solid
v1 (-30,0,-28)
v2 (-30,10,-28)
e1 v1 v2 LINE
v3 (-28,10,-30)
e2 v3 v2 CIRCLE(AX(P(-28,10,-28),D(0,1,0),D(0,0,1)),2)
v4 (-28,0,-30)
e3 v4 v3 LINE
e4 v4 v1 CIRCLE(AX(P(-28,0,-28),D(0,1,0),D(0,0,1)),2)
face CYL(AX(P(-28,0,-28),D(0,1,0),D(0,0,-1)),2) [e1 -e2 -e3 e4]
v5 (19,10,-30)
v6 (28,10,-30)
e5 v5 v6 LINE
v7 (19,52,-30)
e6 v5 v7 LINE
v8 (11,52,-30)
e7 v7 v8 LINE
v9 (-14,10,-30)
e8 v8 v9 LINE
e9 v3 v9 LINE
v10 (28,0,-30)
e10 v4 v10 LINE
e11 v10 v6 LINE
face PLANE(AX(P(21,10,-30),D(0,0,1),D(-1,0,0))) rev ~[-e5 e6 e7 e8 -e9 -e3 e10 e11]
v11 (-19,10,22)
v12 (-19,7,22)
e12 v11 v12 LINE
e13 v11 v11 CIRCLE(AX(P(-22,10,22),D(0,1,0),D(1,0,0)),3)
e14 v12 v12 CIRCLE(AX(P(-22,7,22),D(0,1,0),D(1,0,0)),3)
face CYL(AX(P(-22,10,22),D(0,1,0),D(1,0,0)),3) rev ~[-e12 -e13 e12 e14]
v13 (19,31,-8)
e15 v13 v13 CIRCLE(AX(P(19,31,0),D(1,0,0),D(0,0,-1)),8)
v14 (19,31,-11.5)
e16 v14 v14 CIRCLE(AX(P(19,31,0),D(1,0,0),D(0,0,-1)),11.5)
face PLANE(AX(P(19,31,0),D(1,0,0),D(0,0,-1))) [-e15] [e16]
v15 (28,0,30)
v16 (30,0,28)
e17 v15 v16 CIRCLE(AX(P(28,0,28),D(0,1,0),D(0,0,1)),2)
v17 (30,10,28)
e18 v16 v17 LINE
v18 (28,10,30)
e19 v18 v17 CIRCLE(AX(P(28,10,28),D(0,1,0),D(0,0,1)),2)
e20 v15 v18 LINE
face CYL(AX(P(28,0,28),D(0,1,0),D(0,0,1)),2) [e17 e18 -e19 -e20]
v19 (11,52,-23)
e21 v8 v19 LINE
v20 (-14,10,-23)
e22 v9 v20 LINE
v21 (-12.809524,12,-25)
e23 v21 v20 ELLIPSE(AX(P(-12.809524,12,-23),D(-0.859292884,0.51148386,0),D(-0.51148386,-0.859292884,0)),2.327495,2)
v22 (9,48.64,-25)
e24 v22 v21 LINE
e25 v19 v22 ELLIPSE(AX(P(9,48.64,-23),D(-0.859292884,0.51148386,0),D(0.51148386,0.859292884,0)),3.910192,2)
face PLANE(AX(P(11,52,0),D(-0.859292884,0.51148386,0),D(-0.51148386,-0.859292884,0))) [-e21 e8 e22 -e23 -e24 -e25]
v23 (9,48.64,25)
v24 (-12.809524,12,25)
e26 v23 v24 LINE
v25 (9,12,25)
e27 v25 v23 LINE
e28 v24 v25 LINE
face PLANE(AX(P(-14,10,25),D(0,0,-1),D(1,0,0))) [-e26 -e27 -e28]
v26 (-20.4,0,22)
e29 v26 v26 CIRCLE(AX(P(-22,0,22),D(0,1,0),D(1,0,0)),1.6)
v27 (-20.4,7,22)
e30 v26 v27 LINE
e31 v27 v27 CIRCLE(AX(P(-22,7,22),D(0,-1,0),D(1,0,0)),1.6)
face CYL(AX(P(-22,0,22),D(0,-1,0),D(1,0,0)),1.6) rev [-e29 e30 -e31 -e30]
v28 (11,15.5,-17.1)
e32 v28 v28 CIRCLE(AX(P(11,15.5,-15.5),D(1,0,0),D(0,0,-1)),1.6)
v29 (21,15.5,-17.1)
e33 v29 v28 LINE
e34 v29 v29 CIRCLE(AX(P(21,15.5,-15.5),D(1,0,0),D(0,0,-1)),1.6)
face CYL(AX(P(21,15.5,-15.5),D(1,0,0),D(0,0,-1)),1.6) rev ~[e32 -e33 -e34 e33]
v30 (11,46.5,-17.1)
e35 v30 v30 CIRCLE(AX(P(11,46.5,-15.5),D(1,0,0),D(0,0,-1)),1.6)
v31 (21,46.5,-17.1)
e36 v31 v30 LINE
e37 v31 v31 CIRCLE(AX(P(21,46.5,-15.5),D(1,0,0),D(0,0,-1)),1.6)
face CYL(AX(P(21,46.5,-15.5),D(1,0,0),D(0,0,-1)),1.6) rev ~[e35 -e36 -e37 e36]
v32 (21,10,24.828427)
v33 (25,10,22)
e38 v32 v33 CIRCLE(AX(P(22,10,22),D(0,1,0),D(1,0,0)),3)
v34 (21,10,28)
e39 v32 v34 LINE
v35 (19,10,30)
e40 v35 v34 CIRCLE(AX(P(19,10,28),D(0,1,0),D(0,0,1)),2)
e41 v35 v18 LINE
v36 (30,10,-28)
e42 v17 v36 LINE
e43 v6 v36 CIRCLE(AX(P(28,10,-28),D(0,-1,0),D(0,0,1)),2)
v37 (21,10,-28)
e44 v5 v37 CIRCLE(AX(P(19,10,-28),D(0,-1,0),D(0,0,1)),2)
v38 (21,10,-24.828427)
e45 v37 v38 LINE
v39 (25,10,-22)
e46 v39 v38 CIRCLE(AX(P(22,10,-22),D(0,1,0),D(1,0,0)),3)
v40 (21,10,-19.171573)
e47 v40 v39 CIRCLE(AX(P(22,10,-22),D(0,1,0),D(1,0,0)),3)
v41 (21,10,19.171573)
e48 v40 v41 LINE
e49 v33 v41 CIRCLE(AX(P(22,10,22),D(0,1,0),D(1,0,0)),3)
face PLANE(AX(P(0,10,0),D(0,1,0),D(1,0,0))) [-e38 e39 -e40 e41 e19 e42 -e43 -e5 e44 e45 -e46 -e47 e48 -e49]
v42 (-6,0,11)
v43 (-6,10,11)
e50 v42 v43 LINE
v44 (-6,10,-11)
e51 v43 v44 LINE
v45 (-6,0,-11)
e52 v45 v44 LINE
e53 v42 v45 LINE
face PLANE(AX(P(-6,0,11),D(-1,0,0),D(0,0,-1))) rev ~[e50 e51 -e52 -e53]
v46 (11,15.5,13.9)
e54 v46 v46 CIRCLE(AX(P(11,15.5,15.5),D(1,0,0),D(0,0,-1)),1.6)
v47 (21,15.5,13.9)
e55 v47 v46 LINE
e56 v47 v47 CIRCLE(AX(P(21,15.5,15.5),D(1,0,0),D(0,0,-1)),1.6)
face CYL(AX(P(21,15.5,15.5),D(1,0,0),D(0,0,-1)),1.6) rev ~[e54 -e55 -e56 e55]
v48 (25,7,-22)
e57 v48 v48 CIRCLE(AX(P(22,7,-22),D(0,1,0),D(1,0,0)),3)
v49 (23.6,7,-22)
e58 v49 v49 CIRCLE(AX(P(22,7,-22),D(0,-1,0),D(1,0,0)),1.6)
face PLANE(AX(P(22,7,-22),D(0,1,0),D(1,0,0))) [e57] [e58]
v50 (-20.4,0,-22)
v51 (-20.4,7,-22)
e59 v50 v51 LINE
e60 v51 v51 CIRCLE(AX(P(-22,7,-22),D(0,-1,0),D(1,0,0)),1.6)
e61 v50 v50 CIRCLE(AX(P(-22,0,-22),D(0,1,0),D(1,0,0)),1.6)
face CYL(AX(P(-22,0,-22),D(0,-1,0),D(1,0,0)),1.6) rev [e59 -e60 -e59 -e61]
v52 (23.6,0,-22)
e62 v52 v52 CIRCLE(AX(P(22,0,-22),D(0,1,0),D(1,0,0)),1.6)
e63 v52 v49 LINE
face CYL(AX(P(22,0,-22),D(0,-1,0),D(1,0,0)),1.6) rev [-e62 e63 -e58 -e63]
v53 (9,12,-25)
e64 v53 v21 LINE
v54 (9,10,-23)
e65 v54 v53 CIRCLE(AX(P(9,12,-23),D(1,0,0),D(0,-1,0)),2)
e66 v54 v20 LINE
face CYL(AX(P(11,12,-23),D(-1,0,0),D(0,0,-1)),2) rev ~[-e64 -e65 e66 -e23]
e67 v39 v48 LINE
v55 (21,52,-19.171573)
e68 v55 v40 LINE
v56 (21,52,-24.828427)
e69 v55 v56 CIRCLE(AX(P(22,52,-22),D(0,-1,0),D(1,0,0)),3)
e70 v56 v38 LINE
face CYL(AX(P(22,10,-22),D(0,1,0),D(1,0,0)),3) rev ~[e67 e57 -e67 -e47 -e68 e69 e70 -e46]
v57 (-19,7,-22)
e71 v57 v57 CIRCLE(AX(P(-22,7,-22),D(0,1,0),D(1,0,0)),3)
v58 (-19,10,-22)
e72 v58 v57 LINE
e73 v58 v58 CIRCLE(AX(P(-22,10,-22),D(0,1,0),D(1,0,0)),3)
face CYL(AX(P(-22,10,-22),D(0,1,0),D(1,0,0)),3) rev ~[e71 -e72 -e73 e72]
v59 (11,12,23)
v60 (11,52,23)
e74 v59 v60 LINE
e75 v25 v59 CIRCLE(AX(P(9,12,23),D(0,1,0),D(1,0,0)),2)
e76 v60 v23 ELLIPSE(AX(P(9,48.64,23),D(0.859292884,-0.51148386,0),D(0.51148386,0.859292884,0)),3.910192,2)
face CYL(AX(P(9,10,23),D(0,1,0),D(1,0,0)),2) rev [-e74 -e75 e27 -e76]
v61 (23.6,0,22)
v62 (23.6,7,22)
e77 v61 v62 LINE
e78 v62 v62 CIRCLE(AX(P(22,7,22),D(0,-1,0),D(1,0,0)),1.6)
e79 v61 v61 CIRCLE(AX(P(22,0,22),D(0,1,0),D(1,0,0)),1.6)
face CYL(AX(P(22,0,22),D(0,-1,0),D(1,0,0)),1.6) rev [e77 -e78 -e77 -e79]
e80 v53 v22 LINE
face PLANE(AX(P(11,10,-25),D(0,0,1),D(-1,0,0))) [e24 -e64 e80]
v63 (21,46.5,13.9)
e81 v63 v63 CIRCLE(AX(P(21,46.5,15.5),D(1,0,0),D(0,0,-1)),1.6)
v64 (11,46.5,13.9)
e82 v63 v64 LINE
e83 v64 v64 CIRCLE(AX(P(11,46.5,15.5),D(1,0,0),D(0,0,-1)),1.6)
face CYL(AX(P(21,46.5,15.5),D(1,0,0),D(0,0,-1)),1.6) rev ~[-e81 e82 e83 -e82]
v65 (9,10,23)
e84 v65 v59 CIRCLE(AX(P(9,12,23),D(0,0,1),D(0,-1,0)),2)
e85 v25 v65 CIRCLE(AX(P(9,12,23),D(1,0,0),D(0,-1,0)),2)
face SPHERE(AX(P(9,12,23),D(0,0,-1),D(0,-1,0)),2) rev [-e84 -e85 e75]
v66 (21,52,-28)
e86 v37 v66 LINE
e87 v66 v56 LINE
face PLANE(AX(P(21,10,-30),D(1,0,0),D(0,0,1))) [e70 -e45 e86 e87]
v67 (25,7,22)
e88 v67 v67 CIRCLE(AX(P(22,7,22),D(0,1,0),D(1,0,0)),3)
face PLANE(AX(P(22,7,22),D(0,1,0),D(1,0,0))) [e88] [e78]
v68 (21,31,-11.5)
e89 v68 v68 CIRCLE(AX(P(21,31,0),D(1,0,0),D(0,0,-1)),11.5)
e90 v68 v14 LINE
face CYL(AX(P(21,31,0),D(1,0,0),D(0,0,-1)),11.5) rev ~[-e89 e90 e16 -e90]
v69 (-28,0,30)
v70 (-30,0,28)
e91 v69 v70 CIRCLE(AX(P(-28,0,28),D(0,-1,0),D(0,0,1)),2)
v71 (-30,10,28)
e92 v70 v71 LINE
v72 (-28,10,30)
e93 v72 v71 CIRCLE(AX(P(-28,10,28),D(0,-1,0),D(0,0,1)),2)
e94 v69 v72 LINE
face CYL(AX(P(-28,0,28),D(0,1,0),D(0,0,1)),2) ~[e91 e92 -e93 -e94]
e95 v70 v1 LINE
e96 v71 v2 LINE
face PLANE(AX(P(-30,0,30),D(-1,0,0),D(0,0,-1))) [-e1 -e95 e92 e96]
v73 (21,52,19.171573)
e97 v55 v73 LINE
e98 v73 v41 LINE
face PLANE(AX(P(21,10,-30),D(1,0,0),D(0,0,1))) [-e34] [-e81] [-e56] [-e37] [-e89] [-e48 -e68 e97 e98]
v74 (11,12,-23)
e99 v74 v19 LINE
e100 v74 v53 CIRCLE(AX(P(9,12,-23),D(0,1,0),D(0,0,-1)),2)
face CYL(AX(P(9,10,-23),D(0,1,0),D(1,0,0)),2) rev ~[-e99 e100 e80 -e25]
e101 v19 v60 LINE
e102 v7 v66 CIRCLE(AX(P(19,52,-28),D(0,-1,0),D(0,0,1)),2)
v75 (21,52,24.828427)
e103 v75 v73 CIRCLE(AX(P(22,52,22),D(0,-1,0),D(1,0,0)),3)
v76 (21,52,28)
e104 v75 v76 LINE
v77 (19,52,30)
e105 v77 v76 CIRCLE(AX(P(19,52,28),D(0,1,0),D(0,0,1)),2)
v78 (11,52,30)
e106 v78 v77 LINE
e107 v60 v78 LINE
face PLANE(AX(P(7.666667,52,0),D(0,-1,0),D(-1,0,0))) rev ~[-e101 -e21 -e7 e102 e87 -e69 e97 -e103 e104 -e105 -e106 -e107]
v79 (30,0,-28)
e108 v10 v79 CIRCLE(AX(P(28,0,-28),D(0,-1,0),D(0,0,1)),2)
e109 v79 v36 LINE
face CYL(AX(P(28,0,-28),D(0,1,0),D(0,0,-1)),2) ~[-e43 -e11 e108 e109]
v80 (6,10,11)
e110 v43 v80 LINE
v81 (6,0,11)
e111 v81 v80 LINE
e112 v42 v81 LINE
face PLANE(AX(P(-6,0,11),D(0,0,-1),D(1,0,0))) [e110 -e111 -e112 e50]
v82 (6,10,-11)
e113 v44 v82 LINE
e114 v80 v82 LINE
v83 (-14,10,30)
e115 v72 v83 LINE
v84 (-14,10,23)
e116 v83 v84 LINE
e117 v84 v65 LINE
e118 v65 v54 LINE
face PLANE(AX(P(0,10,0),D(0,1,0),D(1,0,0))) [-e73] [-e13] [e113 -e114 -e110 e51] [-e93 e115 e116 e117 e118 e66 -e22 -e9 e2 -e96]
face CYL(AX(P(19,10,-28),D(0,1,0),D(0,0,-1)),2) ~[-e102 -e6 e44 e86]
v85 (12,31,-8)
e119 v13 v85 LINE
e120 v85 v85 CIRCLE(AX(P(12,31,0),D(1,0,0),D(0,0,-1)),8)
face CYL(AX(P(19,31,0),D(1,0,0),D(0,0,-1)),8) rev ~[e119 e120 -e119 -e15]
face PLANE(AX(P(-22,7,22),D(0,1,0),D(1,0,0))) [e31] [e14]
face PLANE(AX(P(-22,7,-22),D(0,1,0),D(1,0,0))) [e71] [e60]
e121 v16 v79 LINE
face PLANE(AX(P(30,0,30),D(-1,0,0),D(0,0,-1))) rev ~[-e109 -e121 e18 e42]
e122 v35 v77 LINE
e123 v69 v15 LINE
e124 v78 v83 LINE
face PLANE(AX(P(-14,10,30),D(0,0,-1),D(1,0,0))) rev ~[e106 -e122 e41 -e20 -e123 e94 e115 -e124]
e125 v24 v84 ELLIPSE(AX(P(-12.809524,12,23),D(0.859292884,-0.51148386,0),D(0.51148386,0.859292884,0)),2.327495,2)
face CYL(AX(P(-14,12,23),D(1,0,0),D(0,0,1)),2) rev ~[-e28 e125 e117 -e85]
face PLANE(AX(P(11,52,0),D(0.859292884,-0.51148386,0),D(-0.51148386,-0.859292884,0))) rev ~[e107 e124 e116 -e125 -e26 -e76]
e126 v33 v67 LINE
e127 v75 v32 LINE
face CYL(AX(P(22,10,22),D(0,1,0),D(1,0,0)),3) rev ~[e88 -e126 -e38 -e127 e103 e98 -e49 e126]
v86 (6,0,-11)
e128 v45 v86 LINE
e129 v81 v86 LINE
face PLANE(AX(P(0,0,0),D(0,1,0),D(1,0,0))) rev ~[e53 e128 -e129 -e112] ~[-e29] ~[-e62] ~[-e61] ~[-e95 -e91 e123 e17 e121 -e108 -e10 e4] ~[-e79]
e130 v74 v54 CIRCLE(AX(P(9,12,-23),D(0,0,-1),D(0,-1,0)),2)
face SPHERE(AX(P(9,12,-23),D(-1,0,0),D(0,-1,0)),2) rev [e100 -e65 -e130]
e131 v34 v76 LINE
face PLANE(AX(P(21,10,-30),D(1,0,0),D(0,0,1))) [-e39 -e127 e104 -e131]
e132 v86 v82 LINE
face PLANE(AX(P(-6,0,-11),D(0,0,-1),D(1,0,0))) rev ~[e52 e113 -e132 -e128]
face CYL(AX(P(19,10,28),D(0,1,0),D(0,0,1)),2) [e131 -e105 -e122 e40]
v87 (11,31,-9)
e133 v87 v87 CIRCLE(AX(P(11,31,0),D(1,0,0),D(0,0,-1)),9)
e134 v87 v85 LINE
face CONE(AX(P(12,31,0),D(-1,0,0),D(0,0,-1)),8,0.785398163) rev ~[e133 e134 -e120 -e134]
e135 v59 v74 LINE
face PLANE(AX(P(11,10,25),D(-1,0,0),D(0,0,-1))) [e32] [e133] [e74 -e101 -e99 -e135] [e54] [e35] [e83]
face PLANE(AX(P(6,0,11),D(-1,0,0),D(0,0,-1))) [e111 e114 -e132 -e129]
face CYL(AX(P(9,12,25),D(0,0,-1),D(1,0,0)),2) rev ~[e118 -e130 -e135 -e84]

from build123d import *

# Parameters (mm, degrees)
SKETCH1_W               = 60
SKETCH1_H               = 60
SKETCH1_R               = 1.6
SKETCH1_W_2             = 12
SKETCH1_H_2             = 22
BOSS_EXTRUDE1_DEPTH     = 10
BOSS_EXTRUDE2_DEPTH     = 42
SKETCH3_R               = 11.5
CUT_EXTRUDE1_DEPTH      = 2
SKETCH4_R               = 8
CUT_EXTRUDE2_DEPTH      = 8
SKETCH5_R               = 1.6
CUT_EXTRUDE3_DEPTH      = 10
SKETCH6_R               = 3
CUT_EXTRUDE4_DEPTH      = 3
SKETCH7_R               = 3
CUT_EXTRUDE5_DEPTH      = 43
CUT_EXTRUDE6_DEPTH      = 31
CUT_EXTRUDE6_DEPTH_BACK = 31
FILLET1_R               = 2
FILLET2_R               = 2
CHAMFER1_SIZE           = 1


with BuildPart() as part:
    # Sketch1 → Boss-Extrude1 (new body)
    with BuildSketch(Plane(origin=(0, 0, 0), x_dir=(1, 0, 0), z_dir=(0, 1, 0))):
        Rectangle(SKETCH1_W, SKETCH1_H)
        with Locations((-22, 22)):
            Circle(SKETCH1_R, mode=Mode.SUBTRACT)
        with Locations((22, 22)):
            Circle(SKETCH1_R, mode=Mode.SUBTRACT)
        with Locations((-22, -22)):
            Circle(SKETCH1_R, mode=Mode.SUBTRACT)
        with Locations((22, -22)):
            Circle(SKETCH1_R, mode=Mode.SUBTRACT)
        Rectangle(SKETCH1_W_2, SKETCH1_H_2, mode=Mode.SUBTRACT)
    extrude(amount=BOSS_EXTRUDE1_DEPTH)

    # Sketch2 → Boss-Extrude2 (add)
    with BuildSketch(Plane(origin=(0, 10, 0), x_dir=(1, 0, 0), z_dir=(0, 1, 0))):
        Polygon((11, 30), (21, 30), (21, -30), (11, -30), (-14, -30), (-14, -25), (11, -25), (11, 25), (-14, 25), (-14, 30), align=None)
    extrude(amount=BOSS_EXTRUDE2_DEPTH)

    # Sketch3 → Cut-Extrude1 (cut)
    with BuildSketch(Plane(origin=(21, 0, 0), x_dir=(0, 0, -1), z_dir=(1, 0, 0))):
        with Locations((0, 31)):
            Circle(SKETCH3_R)
    extrude(amount=-CUT_EXTRUDE1_DEPTH, mode=Mode.SUBTRACT)

    # Sketch4 → Cut-Extrude2 (cut)
    with BuildSketch(Plane(origin=(19, 0, 0), x_dir=(0, 0, -1), z_dir=(1, 0, 0))):
        with Locations((0, 31)):
            Circle(SKETCH4_R)
    extrude(amount=-CUT_EXTRUDE2_DEPTH, mode=Mode.SUBTRACT)

    # Sketch5 → Cut-Extrude3 (cut)
    with BuildSketch(Plane(origin=(21, 0, 0), x_dir=(0, 0, -1), z_dir=(1, 0, 0))):
        with Locations((-15.5, 46.5)):
            Circle(SKETCH5_R)
        with Locations((15.5, 46.5)):
            Circle(SKETCH5_R)
        with Locations((15.5, 15.5)):
            Circle(SKETCH5_R)
        with Locations((-15.5, 15.5)):
            Circle(SKETCH5_R)
    extrude(amount=-CUT_EXTRUDE3_DEPTH, mode=Mode.SUBTRACT)

    # Sketch6 → Cut-Extrude4 (cut)
    with BuildSketch(Plane(origin=(0, 10, 0), x_dir=(1, 0, 0), z_dir=(0, 1, 0))):
        with Locations((-22, 22)):
            Circle(SKETCH6_R)
        with Locations((22, 22)):
            Circle(SKETCH6_R)
        with Locations((22, -22)):
            Circle(SKETCH6_R)
        with Locations((-22, -22)):
            Circle(SKETCH6_R)
    extrude(amount=-CUT_EXTRUDE4_DEPTH, mode=Mode.SUBTRACT)

    # Sketch7 → Cut-Extrude5 (cut, through all)
    with BuildSketch(Plane(origin=(0, 10, 0), x_dir=(1, 0, 0), z_dir=(0, 1, 0))):
        with Locations((22, 22)):
            Circle(SKETCH7_R)
        with Locations((22, -22)):
            Circle(SKETCH7_R)
    extrude(amount=CUT_EXTRUDE5_DEPTH, mode=Mode.SUBTRACT)

    # Sketch10 → Cut-Extrude6 (cut, two sides)
    with BuildSketch(Plane.XY) as cut_extrude6_sk:
        Polygon((11, 52), (-14, 10), (-19.679988527, 22.361973952), (-19.679988527, 54.584490378), (11, 54.584490378), align=None)
    extrude(amount=CUT_EXTRUDE6_DEPTH, mode=Mode.SUBTRACT)
    extrude(cut_extrude6_sk.sketch, amount=-CUT_EXTRUDE6_DEPTH_BACK, mode=Mode.SUBTRACT)

    # Fillet1
    fillet1_edges = [part.edges().sort_by_distance(p)[0] for p in [
        (21, 31, 30),
        (21, 31, -30),
        (-1.5, 10, -25),
        (11, 10, 0),
        (11, 31, -25),
        (-1.5, 10, 25),
        (11, 31, 25),
    ]]
    fillet(fillet1_edges, radius=FILLET1_R)

    # Fillet2
    fillet2_edges = [part.edges().sort_by_distance(p)[0] for p in [
        (30, 5, 30),
        (-30, 5, 30),
        (-30, 5, -30),
        (30, 5, -30),
    ]]
    fillet(fillet2_edges, radius=FILLET2_R)

    # Chamfer1
    chamfer1_edges = [part.edges().sort_by_distance(p)[0] for p in [
        (11, 31, 8),
    ]]
    chamfer(chamfer1_edges, length=CHAMFER1_SIZE)


solid = part.part
